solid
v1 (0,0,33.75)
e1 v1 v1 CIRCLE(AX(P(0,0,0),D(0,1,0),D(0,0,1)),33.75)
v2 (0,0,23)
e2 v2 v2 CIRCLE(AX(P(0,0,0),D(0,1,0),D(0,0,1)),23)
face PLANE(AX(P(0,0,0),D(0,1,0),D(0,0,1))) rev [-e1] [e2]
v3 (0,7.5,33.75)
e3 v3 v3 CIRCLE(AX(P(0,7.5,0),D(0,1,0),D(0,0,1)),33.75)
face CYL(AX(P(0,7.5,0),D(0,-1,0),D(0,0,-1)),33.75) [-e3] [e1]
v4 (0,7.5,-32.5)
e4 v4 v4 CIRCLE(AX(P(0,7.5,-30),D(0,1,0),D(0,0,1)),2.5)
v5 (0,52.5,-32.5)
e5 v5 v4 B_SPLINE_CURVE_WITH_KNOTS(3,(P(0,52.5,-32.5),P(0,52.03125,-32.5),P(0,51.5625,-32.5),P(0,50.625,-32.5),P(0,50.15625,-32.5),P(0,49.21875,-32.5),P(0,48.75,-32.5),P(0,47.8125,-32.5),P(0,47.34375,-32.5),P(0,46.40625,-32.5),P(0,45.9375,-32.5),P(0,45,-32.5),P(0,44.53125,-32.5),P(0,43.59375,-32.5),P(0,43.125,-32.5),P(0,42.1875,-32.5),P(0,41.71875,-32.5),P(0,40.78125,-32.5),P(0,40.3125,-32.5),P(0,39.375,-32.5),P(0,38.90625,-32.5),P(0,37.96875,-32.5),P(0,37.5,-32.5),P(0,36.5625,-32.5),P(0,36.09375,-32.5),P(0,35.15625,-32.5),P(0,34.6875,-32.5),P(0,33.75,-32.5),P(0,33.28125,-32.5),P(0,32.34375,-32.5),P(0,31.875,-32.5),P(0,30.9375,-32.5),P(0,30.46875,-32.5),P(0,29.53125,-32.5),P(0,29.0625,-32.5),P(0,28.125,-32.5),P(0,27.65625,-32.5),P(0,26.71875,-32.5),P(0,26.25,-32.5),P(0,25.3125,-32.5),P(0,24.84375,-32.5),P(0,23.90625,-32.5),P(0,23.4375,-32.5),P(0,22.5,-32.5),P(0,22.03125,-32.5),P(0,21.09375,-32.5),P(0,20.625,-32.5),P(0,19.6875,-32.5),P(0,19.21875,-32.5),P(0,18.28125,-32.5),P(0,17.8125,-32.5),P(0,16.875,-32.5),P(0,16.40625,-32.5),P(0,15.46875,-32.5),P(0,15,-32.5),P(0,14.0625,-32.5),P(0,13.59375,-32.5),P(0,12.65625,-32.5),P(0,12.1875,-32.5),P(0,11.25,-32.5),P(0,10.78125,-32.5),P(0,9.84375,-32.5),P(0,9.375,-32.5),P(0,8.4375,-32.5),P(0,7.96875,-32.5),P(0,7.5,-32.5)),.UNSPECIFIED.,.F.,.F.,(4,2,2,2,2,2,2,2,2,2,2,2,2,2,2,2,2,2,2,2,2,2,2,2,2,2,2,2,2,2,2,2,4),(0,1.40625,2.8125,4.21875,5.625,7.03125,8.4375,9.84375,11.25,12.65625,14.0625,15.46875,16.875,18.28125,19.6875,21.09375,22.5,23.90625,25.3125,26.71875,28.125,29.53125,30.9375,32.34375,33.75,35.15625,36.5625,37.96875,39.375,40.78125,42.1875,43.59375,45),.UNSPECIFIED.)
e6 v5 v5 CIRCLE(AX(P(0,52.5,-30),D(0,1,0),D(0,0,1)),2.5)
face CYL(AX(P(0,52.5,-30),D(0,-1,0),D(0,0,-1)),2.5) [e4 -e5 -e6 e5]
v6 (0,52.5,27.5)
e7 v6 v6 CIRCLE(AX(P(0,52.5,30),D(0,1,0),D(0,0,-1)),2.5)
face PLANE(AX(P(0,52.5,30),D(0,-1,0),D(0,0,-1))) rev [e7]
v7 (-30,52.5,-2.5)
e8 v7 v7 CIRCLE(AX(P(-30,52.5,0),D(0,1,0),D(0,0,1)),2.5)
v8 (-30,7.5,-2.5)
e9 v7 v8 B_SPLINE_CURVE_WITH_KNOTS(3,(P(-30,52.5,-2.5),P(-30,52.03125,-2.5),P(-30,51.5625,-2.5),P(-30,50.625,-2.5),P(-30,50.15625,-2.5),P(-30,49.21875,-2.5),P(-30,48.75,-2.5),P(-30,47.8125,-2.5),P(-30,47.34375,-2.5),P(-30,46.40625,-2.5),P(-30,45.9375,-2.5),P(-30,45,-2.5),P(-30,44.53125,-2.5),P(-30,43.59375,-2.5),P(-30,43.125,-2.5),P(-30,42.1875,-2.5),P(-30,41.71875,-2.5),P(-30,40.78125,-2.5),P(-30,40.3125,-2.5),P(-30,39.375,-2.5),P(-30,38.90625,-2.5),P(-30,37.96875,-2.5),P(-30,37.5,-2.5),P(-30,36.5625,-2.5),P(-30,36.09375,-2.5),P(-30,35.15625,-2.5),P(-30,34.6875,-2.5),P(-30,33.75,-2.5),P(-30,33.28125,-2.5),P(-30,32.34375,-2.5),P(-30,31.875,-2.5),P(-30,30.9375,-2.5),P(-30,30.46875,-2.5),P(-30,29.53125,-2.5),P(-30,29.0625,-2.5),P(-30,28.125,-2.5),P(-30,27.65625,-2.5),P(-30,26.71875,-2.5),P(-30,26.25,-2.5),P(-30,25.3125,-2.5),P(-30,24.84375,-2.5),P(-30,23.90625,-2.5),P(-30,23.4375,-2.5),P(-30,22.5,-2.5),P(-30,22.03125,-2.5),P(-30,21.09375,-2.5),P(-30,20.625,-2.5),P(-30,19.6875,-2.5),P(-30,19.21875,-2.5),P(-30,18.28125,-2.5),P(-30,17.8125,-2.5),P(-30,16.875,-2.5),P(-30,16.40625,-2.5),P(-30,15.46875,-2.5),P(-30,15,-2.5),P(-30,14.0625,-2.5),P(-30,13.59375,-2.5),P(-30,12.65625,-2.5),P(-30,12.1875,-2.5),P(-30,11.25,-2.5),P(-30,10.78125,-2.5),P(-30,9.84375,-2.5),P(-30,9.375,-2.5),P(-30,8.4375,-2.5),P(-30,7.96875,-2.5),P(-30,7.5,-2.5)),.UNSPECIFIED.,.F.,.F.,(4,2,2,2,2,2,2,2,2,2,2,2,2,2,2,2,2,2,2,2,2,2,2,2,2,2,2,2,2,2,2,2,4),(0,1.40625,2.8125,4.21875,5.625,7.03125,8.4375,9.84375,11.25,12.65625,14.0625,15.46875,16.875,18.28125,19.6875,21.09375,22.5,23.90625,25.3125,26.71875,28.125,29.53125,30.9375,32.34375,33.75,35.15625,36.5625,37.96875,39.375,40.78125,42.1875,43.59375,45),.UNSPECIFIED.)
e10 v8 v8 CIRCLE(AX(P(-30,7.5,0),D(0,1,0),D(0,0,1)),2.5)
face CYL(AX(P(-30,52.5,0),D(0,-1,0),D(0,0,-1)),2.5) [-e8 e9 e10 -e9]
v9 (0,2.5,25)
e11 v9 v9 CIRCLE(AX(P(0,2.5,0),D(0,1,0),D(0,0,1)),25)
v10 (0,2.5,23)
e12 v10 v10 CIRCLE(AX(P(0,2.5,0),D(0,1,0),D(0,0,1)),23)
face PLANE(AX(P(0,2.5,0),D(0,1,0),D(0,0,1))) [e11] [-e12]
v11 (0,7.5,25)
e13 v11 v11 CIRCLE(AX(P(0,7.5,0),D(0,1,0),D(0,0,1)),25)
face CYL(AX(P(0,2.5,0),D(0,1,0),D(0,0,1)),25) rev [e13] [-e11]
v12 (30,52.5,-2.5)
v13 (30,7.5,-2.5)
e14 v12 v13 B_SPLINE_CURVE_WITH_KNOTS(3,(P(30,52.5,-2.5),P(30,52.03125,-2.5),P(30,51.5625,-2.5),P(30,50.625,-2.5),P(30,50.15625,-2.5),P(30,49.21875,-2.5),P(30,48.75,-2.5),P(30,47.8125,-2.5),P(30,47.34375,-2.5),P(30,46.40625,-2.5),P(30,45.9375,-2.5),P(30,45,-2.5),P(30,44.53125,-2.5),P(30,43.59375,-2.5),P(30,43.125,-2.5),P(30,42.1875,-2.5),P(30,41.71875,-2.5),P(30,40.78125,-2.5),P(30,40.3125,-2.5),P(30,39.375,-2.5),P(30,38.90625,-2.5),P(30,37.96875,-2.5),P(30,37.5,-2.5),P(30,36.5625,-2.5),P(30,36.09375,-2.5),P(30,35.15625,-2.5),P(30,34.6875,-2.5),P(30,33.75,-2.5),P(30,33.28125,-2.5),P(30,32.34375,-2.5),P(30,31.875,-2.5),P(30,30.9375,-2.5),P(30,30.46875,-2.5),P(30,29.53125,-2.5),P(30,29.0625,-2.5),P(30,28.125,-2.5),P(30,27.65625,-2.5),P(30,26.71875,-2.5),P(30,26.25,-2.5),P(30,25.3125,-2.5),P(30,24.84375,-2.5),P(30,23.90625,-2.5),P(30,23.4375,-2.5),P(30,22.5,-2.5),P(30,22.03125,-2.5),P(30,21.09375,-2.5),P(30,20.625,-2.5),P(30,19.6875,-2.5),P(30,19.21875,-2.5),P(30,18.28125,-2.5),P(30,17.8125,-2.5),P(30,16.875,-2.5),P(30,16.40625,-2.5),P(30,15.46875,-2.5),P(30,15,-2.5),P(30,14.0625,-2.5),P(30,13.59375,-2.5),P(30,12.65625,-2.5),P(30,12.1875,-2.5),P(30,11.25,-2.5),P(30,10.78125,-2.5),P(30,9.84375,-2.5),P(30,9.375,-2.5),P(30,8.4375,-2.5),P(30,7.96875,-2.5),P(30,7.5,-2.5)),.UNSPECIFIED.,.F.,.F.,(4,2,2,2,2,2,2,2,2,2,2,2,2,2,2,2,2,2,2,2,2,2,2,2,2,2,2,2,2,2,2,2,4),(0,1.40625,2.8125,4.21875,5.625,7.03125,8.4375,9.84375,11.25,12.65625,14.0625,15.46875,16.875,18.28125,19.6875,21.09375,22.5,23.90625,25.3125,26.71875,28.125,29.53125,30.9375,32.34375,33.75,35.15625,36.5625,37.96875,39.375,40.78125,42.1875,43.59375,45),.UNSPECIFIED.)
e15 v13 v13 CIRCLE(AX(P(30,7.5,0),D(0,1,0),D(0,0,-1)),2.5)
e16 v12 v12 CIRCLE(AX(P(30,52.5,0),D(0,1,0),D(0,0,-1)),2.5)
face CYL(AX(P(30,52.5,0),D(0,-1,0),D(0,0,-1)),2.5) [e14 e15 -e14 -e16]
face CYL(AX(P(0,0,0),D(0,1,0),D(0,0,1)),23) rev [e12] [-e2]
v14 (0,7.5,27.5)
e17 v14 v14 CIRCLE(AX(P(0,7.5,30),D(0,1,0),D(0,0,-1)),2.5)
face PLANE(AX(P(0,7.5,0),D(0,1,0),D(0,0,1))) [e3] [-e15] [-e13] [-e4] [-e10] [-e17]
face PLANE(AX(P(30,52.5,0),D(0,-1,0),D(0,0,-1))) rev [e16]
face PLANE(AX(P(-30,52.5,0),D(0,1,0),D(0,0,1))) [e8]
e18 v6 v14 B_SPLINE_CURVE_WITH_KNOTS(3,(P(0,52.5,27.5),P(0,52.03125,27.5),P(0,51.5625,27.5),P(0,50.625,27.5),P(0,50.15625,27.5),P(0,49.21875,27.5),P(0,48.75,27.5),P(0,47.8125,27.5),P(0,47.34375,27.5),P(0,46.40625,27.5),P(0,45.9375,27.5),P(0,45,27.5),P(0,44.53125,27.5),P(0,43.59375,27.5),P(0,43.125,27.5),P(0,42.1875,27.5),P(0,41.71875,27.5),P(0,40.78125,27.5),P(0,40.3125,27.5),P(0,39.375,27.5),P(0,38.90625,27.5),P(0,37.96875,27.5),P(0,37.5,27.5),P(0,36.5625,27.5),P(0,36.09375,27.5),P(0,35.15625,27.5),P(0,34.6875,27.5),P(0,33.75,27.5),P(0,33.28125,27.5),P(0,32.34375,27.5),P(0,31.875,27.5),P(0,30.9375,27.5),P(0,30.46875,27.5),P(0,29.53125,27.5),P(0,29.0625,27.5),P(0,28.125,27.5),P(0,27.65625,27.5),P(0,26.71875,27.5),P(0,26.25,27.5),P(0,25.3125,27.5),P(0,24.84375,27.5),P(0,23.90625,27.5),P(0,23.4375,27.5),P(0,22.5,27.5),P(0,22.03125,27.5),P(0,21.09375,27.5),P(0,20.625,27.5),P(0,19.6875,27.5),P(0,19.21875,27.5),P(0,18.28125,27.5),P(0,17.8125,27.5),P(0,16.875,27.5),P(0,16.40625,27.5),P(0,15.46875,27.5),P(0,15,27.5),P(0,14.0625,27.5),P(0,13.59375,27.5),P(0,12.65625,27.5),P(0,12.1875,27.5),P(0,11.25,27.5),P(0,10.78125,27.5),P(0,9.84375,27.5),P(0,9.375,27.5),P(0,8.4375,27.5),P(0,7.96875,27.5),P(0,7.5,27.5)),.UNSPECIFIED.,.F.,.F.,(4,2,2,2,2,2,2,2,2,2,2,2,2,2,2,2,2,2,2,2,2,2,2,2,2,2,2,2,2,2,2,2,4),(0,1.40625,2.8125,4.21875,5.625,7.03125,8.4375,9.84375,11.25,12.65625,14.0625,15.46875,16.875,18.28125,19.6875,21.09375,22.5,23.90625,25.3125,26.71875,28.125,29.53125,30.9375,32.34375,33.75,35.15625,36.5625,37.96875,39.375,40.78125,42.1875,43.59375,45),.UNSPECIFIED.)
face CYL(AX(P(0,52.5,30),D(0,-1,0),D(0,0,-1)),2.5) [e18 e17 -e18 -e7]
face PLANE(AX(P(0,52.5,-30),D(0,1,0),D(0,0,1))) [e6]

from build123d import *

# Parameters (mm, degrees)
SKETCH1_R           = 33.75
BOSS_EXTRUDE1_DEPTH = 7.5
SKETCH2_R           = 2.5
BOSS_EXTRUDE2_DEPTH = 45
SKETCH3_R           = 25
CUT_EXTRUDE1_DEPTH  = 5
SKETCH4_R           = 23
CUT_EXTRUDE2_DEPTH  = 70.123982813


with BuildPart() as part:
    # Sketch1 → Boss-Extrude1 (new body)
    with BuildSketch(Plane(origin=(0, 0, 0), x_dir=(1, 0, 0), z_dir=(0, 1, 0))):
        with Locations(Location((0, 0, 0), (0, 0, 270))):
            Circle(SKETCH1_R)
    extrude(amount=BOSS_EXTRUDE1_DEPTH)

    # Sketch2 → Boss-Extrude2 (add)
    with BuildSketch(Plane(origin=(0, 7.5, 0), x_dir=(1, 0, 0), z_dir=(0, 1, 0))):
        with Locations(Location((-30, 0, 0), (0, 0, 90))):
            Circle(SKETCH2_R)
        with Locations(Location((30, 0, 0), (0, 0, 90))):
            Circle(SKETCH2_R)
        with Locations(Location((0, -30, 0), (0, 0, 90))):
            Circle(SKETCH2_R)
        with Locations(Location((0, 30, 0), (0, 0, 90))):
            Circle(SKETCH2_R)
    extrude(amount=BOSS_EXTRUDE2_DEPTH)

    # Sketch3 → Cut-Extrude1 (cut)
    with BuildSketch(Plane(origin=(0, 7.5, 0), x_dir=(1, 0, 0), z_dir=(0, 1, 0))):
        with Locations(Location((0, 0, 0), (0, 0, 270))):
            Circle(SKETCH3_R)
    extrude(amount=-CUT_EXTRUDE1_DEPTH, mode=Mode.SUBTRACT)

    # Sketch4 → Cut-Extrude2 (cut, through all)
    with BuildSketch(Plane(origin=(0, 2.5, 0), x_dir=(1, 0, 0), z_dir=(0, 1, 0))):
        with Locations(Location((0, 0, 0), (0, 0, 270))):
            Circle(SKETCH4_R)
    extrude(amount=-CUT_EXTRUDE2_DEPTH, mode=Mode.SUBTRACT)


solid = part.part
